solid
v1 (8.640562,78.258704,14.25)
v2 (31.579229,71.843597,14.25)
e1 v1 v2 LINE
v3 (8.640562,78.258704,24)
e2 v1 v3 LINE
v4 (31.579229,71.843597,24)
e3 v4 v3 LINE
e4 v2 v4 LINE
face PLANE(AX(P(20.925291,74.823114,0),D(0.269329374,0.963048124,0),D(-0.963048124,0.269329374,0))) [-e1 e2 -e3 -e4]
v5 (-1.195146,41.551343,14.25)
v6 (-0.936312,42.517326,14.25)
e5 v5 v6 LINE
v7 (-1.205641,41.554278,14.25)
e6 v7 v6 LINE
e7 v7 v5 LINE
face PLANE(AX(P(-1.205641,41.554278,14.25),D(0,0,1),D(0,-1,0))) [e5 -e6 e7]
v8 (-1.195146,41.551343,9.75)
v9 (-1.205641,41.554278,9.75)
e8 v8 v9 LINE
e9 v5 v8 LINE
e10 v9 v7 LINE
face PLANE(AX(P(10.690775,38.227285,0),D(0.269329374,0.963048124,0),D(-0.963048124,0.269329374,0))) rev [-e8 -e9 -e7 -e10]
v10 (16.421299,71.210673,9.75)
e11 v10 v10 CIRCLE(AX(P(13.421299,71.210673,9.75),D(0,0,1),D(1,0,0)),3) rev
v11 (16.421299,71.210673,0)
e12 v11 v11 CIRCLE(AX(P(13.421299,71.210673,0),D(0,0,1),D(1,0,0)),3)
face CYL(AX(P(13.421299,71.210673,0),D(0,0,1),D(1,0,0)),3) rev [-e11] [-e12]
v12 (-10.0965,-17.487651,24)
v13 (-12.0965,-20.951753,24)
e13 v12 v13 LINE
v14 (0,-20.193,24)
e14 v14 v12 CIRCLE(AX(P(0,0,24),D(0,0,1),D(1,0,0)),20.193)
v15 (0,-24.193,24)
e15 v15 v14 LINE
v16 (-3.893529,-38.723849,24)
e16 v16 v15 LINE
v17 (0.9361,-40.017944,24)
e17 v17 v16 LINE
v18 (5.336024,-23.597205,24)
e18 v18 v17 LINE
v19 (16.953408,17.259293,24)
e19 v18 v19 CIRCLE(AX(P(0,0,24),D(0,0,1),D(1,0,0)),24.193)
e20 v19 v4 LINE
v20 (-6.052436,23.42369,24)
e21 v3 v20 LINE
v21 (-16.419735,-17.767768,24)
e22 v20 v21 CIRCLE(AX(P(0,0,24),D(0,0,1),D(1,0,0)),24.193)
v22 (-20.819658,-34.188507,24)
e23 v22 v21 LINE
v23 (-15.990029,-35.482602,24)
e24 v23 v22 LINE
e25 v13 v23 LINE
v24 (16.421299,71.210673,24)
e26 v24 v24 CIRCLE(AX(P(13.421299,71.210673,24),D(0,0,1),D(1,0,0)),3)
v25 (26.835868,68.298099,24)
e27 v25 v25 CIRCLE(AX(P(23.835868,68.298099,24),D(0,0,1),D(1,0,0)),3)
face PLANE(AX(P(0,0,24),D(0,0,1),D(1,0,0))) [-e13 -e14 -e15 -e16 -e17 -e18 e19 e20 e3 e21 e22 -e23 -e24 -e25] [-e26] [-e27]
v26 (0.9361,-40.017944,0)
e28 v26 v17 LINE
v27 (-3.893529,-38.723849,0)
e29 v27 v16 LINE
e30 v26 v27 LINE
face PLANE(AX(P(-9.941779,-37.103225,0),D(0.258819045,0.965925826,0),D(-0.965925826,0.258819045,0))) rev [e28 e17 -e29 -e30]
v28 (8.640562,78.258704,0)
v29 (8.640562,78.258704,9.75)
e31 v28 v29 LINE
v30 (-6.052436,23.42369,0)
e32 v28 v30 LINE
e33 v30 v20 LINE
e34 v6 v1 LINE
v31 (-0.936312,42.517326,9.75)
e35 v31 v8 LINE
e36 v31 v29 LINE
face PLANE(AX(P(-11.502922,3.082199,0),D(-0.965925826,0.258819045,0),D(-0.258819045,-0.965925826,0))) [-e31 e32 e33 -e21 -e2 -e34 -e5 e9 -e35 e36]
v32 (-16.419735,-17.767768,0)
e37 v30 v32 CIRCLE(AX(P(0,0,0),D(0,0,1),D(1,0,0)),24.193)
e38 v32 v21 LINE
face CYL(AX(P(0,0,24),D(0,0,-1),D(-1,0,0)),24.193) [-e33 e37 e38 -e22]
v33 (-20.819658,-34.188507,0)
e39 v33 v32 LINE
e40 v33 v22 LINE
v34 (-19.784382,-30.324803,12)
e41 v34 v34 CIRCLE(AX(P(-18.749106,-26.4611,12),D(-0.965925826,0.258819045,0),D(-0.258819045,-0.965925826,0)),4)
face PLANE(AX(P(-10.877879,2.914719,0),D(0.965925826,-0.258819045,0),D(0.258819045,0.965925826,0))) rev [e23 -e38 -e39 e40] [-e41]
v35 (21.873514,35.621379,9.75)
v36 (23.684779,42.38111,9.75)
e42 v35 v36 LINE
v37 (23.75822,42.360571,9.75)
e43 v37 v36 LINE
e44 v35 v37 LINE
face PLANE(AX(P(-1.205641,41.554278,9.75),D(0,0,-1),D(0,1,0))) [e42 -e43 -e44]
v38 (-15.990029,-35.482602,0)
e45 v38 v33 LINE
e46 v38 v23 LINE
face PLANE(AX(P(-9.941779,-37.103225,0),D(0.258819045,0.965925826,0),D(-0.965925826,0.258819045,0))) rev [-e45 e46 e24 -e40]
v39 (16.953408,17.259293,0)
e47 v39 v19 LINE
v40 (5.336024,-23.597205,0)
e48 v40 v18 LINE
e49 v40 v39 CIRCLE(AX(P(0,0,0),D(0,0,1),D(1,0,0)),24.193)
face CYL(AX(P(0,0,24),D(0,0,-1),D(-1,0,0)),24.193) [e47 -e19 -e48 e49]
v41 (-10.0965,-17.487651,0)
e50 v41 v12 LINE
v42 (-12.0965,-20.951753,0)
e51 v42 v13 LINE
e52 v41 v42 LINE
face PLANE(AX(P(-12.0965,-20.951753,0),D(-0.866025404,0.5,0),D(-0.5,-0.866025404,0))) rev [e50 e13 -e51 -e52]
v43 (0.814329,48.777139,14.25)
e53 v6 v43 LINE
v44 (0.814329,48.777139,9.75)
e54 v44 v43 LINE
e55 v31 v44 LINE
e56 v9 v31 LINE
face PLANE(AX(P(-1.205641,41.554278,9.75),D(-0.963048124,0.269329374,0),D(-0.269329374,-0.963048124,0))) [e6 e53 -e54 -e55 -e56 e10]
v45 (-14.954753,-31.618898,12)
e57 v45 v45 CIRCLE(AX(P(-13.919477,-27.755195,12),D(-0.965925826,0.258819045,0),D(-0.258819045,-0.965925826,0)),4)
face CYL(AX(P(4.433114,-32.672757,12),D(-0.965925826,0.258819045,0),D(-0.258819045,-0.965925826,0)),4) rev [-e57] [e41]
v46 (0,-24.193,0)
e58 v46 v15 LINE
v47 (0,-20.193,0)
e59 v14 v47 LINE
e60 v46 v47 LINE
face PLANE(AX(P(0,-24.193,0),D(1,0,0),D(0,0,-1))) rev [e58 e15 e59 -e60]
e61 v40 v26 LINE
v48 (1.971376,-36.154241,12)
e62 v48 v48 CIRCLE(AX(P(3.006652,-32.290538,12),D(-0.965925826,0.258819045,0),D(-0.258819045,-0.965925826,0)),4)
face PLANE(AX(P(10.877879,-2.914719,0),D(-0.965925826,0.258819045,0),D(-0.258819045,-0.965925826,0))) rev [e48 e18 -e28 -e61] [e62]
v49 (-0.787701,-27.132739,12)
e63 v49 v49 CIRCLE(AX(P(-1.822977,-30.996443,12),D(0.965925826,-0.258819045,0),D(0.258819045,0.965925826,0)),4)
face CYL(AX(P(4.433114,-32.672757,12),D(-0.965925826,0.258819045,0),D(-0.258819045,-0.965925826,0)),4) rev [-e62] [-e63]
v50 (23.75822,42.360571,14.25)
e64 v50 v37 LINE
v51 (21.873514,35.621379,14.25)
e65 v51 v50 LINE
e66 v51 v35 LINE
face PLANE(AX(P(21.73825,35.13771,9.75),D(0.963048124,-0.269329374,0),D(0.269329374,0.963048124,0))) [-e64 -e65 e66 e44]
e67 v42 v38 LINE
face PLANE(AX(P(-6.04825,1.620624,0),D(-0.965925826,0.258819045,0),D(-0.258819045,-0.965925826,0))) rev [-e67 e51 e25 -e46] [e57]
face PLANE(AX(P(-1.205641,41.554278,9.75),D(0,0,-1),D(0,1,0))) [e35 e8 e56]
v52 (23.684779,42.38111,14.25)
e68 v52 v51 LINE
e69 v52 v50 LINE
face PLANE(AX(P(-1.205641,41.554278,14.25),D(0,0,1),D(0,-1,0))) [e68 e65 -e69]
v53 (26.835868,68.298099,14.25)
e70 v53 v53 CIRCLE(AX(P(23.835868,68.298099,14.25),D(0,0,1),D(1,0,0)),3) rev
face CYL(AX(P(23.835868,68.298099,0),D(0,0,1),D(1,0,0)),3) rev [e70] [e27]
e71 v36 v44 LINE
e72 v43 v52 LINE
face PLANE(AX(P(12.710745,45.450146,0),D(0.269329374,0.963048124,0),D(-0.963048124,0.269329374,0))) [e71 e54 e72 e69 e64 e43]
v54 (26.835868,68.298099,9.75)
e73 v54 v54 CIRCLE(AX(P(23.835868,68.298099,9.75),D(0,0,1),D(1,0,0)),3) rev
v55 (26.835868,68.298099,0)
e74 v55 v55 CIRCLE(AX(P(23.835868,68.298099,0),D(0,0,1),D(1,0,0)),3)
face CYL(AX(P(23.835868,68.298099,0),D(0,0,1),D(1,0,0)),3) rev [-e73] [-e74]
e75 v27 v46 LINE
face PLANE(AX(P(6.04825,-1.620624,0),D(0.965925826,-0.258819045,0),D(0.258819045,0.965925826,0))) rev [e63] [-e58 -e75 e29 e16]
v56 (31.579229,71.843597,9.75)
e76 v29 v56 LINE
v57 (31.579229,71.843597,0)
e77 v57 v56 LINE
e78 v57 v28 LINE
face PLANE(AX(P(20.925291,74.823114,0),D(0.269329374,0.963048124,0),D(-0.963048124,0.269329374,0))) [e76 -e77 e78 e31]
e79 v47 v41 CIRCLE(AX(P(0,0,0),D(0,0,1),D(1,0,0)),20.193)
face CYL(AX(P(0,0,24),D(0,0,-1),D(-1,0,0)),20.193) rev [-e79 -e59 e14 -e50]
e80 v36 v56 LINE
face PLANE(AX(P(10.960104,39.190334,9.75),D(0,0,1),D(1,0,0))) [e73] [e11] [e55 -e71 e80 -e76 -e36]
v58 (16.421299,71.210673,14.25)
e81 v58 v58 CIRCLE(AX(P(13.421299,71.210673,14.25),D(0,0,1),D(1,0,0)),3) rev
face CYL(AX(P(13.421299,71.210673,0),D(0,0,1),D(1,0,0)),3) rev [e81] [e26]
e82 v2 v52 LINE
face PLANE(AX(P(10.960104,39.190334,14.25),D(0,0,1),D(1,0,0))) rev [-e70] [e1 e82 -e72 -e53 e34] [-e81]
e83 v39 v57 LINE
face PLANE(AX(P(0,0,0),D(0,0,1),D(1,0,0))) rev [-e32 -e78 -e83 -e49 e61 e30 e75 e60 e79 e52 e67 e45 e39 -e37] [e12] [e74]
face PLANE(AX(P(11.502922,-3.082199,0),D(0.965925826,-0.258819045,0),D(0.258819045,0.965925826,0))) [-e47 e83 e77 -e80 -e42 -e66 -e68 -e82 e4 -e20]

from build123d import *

# Parameters (mm, degrees)
SKETCH1_R                = 24.193
SKETCH1_R_2              = 20.193
BOSS_EXTRUDE1_DEPTH      = 24
CUT_EXTRUDE1_DEPTH       = 24
BOSS_EXTRUDE2_DEPTH      = 24
SKETCH4_R                = 4
CUT_EXTRUDE2_DEPTH       = 24
SKETCH5_R                = 3
BOSS_EXTRUDE3_DEPTH      = 24
CUT_EXTRUDE3_DEPTH       = 37
SKETCH7_W                = 4.5
SKETCH7_H                = 37.5
CUT_EXTRUDE4_DEPTH       = 0.5
SKETCH8_W                = 23.824241379
SKETCH8_H                = 4.5
BOSS_EXTRUDE4_DEPTH      = 6.5
BOSS_EXTRUDE4_DEPTH_BACK = 1


with BuildPart() as part:
    # Sketch1 → Boss-Extrude1 (new body)
    with BuildSketch(Plane.XY):
        Circle(SKETCH1_R)
        Circle(SKETCH1_R_2, mode=Mode.SUBTRACT)
    extrude(amount=BOSS_EXTRUDE1_DEPTH)

    # Sketch2 → Cut-Extrude1 (cut)
    with BuildSketch(Plane.XY.offset(24)):
        Polygon((0, -24.193), (-5.8341998, -24.895299835), (-12.0965, -20.951752594), (0, 0), align=None)
    extrude(amount=-CUT_EXTRUDE1_DEPTH, mode=Mode.SUBTRACT)

    # Sketch3 → Boss-Extrude2 (add)
    with BuildSketch(Plane.XY.offset(24)):
        with BuildLine():
            Line((-15.990029306, -35.482601784), (-12.0965, -20.951752594))
            ThreePointArc((-12.0965, -20.951752594), (-14.346719144, -19.480064138), (-16.419734671, -17.767767512))
            Line((-16.419734671, -17.767767512), (-20.819658437, -34.188506559))
            Line((-20.819658437, -34.188506559), (-15.990029306, -35.482601784))
        make_face()
        with BuildLine():
            ThreePointArc((5.336023592, -23.597205369), (2.684591171, -24.043589982), (0, -24.193))
            Line((0, -24.193), (-3.893529306, -38.72384919))
            Line((-3.893529306, -38.72384919), (0.936099826, -40.017944416))
            Line((0.936099826, -40.017944416), (5.336023592, -23.597205369))
        make_face()
    extrude(amount=-BOSS_EXTRUDE2_DEPTH)

    # Sketch4 → Cut-Extrude2 (cut)
    with BuildSketch(Plane(origin=(-10.877879131, 2.914718929, 0), x_dir=(0, 0, 1), z_dir=(-0.965925826, 0.258819045, 0))):
        with Locations((12, -30.412085563)):
            Circle(SKETCH4_R)
    extrude(amount=-CUT_EXTRUDE2_DEPTH, mode=Mode.SUBTRACT)

    # Sketch5 → Boss-Extrude3 (add)
    with BuildSketch(Plane.XY.offset(24)):
        Polygon((16.953408399, 17.259292937), (31.579228629, 71.843597138), (8.640561787, 78.258704162), (-6.052435886, 23.423690334), align=None)
        with Locations((23.835868108, 68.298098762)):
            Circle(SKETCH5_R, mode=Mode.SUBTRACT)
        with Locations((13.421299193, 71.210673179)):
            Circle(SKETCH5_R, mode=Mode.SUBTRACT)
    extrude(amount=-BOSS_EXTRUDE3_DEPTH)

    # Sketch6 → Cut-Extrude3 (cut)
    with BuildSketch(Plane(origin=(20.925291279, 74.82311416, 0), x_dir=(0.963048124, -0.269329374, 0), z_dir=(0.269329374, 0.963048124, 0))):
        Polygon((-0.846682582, -9.75), (-12.756090991, -9.75), (-12.756090991, -14.25), (-0.846682582, -14.25), (11.062725828, -14.25), (11.062725828, -9.75), align=None)
    extrude(amount=-CUT_EXTRUDE3_DEPTH, mode=Mode.SUBTRACT)

    # Sketch7 → Cut-Extrude4 (cut)
    with BuildSketch(Plane(origin=(11.502922142, -3.082198699, 0), x_dir=(0, 0, -1), z_dir=(0.965925826, -0.258819045, 0))):
        with Locations((-12, 58.818891727)):
            Rectangle(SKETCH7_W, SKETCH7_H)
    extrude(amount=-CUT_EXTRUDE4_DEPTH, mode=Mode.SUBTRACT)

    # Sketch8 → Boss-Extrude4 (add, two sides)
    with BuildSketch(Plane(origin=(10.960104439, 39.190333589, 0), x_dir=(0.963048124, -0.269329374, 0), z_dir=(0.269329374, 0.963048124, 0))) as boss_extrude4_sk:
        with Locations((-0.44075727, -12)):
            Rectangle(SKETCH8_W, SKETCH8_H)
    extrude(amount=BOSS_EXTRUDE4_DEPTH)
    extrude(boss_extrude4_sk.sketch, amount=-BOSS_EXTRUDE4_DEPTH_BACK)


solid = part.part
